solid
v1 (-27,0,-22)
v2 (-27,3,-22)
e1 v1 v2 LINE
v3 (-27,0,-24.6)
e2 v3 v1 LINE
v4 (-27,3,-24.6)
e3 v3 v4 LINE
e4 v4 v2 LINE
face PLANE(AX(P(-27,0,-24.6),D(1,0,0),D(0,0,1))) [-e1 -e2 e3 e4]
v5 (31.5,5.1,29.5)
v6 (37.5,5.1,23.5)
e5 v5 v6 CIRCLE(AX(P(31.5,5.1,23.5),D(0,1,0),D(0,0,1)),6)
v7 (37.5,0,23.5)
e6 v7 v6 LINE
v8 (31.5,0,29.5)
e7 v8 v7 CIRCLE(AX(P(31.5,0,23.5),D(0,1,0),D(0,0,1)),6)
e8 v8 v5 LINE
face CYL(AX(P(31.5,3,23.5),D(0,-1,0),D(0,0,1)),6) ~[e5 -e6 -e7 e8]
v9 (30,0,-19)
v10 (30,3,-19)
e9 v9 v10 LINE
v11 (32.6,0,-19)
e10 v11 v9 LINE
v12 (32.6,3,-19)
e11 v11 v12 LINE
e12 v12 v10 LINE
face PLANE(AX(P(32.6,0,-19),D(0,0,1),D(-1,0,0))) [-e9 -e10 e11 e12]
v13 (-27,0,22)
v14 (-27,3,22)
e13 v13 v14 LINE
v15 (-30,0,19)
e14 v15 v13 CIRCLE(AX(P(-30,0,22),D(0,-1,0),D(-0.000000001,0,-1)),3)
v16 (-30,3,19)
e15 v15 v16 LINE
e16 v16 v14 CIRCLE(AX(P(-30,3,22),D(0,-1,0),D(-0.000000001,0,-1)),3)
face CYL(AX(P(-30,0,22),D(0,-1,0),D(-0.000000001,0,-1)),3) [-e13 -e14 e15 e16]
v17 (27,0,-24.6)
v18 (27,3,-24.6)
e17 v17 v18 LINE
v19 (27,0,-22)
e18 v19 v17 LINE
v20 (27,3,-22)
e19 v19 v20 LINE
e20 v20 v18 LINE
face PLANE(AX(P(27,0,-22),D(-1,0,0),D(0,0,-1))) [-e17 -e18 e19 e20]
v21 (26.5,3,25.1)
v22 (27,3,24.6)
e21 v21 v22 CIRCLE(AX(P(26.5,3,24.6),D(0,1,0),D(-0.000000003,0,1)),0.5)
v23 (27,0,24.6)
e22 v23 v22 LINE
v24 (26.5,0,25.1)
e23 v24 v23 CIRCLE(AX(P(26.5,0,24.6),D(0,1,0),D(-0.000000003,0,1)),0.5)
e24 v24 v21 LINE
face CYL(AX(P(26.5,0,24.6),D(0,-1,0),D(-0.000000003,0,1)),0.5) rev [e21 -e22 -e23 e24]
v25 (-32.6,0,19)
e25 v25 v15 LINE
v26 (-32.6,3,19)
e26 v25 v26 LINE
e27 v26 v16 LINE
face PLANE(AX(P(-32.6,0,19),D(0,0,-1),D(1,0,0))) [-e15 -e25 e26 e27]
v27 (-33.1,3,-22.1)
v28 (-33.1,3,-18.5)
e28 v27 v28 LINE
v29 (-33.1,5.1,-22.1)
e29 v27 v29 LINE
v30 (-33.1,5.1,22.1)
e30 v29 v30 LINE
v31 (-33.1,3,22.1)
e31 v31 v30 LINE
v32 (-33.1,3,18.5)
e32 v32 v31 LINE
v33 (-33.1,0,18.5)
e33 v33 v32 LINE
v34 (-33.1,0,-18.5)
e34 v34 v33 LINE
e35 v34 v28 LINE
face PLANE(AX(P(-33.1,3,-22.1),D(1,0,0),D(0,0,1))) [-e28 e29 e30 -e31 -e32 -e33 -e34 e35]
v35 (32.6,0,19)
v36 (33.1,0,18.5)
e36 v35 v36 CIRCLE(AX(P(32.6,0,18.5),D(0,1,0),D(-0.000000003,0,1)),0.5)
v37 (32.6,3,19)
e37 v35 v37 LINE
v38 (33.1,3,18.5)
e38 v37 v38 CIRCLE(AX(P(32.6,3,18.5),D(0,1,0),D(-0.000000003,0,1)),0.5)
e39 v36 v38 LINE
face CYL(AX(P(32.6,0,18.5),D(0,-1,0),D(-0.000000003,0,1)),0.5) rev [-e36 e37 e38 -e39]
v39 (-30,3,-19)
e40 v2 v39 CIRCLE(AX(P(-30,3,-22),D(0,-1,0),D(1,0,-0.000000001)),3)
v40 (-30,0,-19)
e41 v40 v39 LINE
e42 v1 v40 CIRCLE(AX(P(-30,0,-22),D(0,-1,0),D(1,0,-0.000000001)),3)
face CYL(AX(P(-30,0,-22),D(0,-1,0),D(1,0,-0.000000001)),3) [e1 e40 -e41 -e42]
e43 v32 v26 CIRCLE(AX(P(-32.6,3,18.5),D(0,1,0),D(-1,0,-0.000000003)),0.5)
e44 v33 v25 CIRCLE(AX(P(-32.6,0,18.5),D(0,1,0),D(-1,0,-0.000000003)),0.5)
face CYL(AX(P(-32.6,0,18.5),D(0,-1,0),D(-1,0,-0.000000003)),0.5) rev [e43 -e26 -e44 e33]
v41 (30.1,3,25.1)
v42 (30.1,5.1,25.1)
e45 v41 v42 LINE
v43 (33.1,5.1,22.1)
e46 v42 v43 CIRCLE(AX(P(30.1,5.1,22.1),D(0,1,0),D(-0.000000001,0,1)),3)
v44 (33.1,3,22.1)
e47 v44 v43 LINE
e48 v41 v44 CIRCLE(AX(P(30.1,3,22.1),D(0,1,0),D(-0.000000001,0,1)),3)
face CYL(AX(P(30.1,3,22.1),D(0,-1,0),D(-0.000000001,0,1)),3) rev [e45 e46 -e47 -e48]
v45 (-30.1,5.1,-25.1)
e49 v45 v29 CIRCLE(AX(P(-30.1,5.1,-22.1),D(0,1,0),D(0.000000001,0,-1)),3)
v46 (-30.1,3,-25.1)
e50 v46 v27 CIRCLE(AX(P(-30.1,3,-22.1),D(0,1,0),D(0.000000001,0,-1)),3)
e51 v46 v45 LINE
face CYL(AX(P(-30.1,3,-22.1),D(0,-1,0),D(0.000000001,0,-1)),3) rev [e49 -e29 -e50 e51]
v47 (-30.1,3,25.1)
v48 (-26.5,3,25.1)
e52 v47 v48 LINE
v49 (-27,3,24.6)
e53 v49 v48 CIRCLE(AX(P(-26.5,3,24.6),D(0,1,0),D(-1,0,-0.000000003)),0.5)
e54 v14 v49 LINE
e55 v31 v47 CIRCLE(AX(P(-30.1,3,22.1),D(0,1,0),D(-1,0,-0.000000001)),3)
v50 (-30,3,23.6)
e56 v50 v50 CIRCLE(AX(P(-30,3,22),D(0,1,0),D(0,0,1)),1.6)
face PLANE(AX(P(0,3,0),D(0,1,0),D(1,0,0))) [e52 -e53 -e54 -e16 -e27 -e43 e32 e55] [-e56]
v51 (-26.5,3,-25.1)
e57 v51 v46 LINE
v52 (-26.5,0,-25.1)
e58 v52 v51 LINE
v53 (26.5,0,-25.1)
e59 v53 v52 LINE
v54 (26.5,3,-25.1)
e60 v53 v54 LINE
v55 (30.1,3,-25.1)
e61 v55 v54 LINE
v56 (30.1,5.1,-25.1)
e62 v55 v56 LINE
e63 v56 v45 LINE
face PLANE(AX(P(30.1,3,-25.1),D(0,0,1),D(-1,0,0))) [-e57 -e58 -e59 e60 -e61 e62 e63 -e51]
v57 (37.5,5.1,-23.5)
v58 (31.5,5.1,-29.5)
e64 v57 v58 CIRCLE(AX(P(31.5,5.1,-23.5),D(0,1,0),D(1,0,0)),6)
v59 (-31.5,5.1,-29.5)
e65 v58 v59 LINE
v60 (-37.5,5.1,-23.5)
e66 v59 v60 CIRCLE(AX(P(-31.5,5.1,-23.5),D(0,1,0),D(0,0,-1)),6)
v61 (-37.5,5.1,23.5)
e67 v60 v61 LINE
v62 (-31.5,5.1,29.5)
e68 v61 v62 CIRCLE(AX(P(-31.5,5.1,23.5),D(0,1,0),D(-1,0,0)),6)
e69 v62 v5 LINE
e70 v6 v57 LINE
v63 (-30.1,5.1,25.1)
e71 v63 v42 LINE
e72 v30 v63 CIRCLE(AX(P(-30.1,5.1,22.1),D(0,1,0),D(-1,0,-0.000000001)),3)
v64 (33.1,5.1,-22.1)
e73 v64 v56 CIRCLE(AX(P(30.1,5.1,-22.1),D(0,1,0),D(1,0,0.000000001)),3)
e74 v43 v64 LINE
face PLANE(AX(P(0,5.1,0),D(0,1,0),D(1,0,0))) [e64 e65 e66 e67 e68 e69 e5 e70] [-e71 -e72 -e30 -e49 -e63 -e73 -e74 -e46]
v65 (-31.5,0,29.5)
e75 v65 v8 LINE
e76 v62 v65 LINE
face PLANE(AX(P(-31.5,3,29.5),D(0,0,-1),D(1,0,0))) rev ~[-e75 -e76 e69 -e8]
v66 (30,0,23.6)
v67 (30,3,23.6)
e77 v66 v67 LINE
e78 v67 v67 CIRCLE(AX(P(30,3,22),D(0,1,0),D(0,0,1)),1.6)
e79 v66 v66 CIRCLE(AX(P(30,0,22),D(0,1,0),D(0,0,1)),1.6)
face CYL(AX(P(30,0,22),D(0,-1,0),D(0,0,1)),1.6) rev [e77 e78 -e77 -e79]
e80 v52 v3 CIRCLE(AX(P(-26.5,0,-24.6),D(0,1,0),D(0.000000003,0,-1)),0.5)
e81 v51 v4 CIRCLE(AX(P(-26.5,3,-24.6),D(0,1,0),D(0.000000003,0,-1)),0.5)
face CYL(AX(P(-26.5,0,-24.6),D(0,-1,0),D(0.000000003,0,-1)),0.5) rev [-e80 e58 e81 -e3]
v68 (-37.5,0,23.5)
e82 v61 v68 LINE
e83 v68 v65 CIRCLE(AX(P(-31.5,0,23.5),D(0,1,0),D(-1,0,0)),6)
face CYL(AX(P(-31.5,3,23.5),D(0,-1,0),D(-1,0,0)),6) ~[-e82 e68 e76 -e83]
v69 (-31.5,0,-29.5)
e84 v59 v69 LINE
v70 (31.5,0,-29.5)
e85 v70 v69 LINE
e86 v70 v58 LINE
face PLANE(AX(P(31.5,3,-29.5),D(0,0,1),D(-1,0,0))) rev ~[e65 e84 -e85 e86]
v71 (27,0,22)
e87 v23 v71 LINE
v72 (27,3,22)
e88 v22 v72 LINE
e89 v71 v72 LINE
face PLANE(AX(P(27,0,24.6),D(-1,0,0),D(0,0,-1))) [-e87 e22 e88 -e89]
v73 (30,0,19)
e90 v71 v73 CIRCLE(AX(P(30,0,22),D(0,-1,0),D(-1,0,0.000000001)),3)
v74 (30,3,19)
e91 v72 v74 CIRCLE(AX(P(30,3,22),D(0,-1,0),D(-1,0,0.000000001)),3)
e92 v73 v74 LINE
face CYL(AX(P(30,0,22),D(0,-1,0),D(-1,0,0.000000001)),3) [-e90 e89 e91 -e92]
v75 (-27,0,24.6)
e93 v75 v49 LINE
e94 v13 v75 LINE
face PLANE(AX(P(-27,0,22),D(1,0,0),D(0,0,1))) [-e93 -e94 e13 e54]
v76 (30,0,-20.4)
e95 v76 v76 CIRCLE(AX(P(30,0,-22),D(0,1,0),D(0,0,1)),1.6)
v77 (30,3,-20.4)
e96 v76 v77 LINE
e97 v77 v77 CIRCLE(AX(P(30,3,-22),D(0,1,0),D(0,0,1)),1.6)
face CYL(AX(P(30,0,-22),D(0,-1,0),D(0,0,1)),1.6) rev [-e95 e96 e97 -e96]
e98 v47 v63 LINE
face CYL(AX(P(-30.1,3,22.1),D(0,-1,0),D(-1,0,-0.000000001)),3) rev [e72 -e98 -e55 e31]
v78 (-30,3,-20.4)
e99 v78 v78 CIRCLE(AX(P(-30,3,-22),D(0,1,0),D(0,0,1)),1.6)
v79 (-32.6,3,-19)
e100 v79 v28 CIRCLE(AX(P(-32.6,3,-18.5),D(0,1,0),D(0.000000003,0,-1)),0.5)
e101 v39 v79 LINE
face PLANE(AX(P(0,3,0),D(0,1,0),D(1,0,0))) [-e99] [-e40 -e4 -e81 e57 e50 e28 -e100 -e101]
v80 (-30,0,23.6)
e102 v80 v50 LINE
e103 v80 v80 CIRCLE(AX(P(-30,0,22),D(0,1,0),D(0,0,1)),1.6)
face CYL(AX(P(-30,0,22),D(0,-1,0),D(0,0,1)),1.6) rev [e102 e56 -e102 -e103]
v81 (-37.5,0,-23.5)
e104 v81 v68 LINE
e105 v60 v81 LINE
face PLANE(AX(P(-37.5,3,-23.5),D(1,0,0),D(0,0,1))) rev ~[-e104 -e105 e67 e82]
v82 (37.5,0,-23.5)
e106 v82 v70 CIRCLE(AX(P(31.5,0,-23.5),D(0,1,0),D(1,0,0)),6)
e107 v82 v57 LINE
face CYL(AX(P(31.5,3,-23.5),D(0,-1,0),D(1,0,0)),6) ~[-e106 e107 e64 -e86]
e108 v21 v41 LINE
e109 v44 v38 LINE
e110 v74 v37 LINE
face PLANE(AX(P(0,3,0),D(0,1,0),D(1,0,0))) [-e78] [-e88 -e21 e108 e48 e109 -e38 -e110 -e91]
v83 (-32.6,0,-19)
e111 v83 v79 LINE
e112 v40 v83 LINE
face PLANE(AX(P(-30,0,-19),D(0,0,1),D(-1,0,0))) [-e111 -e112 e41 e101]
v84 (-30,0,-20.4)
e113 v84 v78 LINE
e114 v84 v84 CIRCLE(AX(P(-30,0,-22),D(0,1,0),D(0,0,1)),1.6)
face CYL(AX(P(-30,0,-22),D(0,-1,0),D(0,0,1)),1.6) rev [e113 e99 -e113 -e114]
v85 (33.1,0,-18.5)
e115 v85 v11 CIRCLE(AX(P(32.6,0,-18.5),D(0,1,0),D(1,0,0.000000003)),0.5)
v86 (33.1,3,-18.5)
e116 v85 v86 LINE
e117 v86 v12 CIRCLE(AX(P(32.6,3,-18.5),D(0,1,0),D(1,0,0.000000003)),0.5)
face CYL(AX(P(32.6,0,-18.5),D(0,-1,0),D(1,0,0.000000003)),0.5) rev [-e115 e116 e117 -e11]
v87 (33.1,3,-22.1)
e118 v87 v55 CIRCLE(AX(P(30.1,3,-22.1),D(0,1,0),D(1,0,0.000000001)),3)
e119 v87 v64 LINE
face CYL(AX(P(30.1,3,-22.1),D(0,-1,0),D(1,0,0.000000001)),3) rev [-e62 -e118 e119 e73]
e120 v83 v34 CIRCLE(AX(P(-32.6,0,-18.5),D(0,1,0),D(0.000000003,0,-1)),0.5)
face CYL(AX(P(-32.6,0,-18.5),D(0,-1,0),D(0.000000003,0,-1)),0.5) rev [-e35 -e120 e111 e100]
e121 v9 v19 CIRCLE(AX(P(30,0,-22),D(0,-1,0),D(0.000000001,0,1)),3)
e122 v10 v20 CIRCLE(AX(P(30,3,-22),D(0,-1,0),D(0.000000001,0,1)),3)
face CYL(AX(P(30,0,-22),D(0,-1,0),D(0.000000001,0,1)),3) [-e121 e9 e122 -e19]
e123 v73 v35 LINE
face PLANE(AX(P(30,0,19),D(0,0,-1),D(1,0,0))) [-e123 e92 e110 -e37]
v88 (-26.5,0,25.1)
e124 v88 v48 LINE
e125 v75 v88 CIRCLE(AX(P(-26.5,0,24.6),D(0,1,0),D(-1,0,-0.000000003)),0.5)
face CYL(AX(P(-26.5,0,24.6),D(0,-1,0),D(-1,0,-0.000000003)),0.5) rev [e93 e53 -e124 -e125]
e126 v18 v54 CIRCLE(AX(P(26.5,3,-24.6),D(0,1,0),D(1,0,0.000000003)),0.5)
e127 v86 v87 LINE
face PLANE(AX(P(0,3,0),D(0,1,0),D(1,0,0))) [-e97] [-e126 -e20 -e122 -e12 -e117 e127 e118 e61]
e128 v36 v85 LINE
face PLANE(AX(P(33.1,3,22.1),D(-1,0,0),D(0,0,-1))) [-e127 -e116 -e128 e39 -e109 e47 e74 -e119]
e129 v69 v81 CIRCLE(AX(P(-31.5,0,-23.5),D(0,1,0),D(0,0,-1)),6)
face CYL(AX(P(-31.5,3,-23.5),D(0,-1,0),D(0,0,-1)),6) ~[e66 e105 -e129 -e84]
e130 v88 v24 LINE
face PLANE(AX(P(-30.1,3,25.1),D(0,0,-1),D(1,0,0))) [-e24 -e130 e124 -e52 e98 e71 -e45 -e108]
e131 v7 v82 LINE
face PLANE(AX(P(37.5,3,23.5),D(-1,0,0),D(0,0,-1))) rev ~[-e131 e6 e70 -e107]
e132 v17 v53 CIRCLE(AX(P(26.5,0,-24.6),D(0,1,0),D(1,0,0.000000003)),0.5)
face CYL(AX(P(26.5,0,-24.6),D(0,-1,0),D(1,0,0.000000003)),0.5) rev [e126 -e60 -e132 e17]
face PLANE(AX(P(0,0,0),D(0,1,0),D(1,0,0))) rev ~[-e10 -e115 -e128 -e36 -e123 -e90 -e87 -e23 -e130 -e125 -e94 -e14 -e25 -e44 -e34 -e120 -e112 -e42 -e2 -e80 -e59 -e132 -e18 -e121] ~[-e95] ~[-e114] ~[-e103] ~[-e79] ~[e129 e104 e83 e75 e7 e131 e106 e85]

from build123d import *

# Parameters (mm, degrees)
SKETCH1_R           = 1.6
BOSS_EXTRUDE1_DEPTH = 3
BOSS_EXTRUDE2_DEPTH = 2.1


with BuildPart() as part:
    # Sketch1 → Boss-Extrude1 (new body)
    with BuildSketch(Plane(origin=(0, 0, 0), x_dir=(1, 0, 0), z_dir=(0, 1, 0))):
        with BuildLine():
            Line((-31.5, -29.5), (31.5, -29.5))
            ThreePointArc((31.5, -29.5), (35.742640687, -27.742640687), (37.5, -23.5))
            Line((37.5, -23.5), (37.5, 23.5))
            ThreePointArc((37.5, 23.5), (35.742640687, 27.742640687), (31.5, 29.5))
            Line((31.5, 29.5), (-31.5, 29.5))
            ThreePointArc((-31.5, 29.5), (-35.742640687, 27.742640687), (-37.5, 23.5))
            Line((-37.5, 23.5), (-37.5, -23.5))
            ThreePointArc((-37.5, -23.5), (-35.742640687, -27.742640687), (-31.5, -29.5))
        make_face()
        with Locations(Location((-30, 22, 0), (0, 0, 270))):
            Circle(SKETCH1_R, mode=Mode.SUBTRACT)
        with Locations(Location((30, 22, 0), (0, 0, 270))):
            Circle(SKETCH1_R, mode=Mode.SUBTRACT)
        with Locations(Location((30, -22, 0), (0, 0, 270))):
            Circle(SKETCH1_R, mode=Mode.SUBTRACT)
        with Locations(Location((-30, -22, 0), (0, 0, 270))):
            Circle(SKETCH1_R, mode=Mode.SUBTRACT)
        with BuildLine():
            Line((-27, -22), (-27, -24.6))
            ThreePointArc((-27, -24.6), (-26.853553391, -24.953553391), (-26.5, -25.1))
            Line((-26.5, -25.1), (26.5, -25.1))
            ThreePointArc((26.5, -25.1), (26.853553391, -24.953553391), (27, -24.6))
            Line((27, -24.6), (27, -22))
            ThreePointArc((27, -22), (27.878679656, -19.878679656), (30, -19))
            Line((30, -19), (32.6, -19))
            ThreePointArc((32.6, -19), (32.953553391, -18.853553391), (33.1, -18.5))
            Line((33.1, -18.5), (33.1, 18.5))
            ThreePointArc((33.1, 18.5), (32.953553391, 18.853553391), (32.6, 19))
            Line((32.6, 19), (30, 19))
            ThreePointArc((30, 19), (27.878679656, 19.878679656), (27, 22))
            Line((27, 22), (27, 24.6))
            ThreePointArc((27, 24.6), (26.853553391, 24.953553391), (26.5, 25.1))
            Line((26.5, 25.1), (-26.5, 25.1))
            ThreePointArc((-26.5, 25.1), (-26.853553391, 24.953553391), (-27, 24.6))
            Line((-27, 24.6), (-27, 22))
            ThreePointArc((-27, 22), (-27.878679656, 19.878679656), (-30, 19))
            Line((-30, 19), (-32.6, 19))
            ThreePointArc((-32.6, 19), (-32.953553391, 18.853553391), (-33.1, 18.5))
            Line((-33.1, 18.5), (-33.1, -18.5))
            ThreePointArc((-33.1, -18.5), (-32.953553391, -18.853553391), (-32.6, -19))
            Line((-32.6, -19), (-30, -19))
            ThreePointArc((-30, -19), (-27.878679656, -19.878679656), (-27, -22))
        make_face(mode=Mode.SUBTRACT)
    extrude(amount=BOSS_EXTRUDE1_DEPTH)

    # Sketch2 → Boss-Extrude2 (add)
    with BuildSketch(Plane(origin=(0, 3, 0), x_dir=(1, 0, 0), z_dir=(0, 1, 0))):
        with BuildLine():
            Line((-31.5, -29.5), (31.5, -29.5))
            ThreePointArc((31.5, -29.5), (35.742640687, -27.742640687), (37.5, -23.5))
            Line((37.5, -23.5), (37.5, 23.5))
            ThreePointArc((37.5, 23.5), (35.742640687, 27.742640687), (31.5, 29.5))
            Line((31.5, 29.5), (-31.5, 29.5))
            ThreePointArc((-31.5, 29.5), (-35.742640687, 27.742640687), (-37.5, 23.5))
            Line((-37.5, 23.5), (-37.5, -23.5))
            ThreePointArc((-37.5, -23.5), (-35.742640687, -27.742640687), (-31.5, -29.5))
        make_face()
        with BuildLine():
            Line((-30.1, -25.1), (30.1, -25.1))
            ThreePointArc((30.1, -25.1), (32.221320344, -24.221320344), (33.1, -22.1))
            Line((33.1, -22.1), (33.1, 22.1))
            ThreePointArc((33.1, 22.1), (32.221320344, 24.221320344), (30.1, 25.1))
            Line((30.1, 25.1), (-30.1, 25.1))
            ThreePointArc((-30.1, 25.1), (-32.221320344, 24.221320344), (-33.1, 22.1))
            Line((-33.1, 22.1), (-33.1, -22.1))
            ThreePointArc((-33.1, -22.1), (-32.221320344, -24.221320344), (-30.1, -25.1))
        make_face(mode=Mode.SUBTRACT)
    extrude(amount=BOSS_EXTRUDE2_DEPTH)


solid = part.part
